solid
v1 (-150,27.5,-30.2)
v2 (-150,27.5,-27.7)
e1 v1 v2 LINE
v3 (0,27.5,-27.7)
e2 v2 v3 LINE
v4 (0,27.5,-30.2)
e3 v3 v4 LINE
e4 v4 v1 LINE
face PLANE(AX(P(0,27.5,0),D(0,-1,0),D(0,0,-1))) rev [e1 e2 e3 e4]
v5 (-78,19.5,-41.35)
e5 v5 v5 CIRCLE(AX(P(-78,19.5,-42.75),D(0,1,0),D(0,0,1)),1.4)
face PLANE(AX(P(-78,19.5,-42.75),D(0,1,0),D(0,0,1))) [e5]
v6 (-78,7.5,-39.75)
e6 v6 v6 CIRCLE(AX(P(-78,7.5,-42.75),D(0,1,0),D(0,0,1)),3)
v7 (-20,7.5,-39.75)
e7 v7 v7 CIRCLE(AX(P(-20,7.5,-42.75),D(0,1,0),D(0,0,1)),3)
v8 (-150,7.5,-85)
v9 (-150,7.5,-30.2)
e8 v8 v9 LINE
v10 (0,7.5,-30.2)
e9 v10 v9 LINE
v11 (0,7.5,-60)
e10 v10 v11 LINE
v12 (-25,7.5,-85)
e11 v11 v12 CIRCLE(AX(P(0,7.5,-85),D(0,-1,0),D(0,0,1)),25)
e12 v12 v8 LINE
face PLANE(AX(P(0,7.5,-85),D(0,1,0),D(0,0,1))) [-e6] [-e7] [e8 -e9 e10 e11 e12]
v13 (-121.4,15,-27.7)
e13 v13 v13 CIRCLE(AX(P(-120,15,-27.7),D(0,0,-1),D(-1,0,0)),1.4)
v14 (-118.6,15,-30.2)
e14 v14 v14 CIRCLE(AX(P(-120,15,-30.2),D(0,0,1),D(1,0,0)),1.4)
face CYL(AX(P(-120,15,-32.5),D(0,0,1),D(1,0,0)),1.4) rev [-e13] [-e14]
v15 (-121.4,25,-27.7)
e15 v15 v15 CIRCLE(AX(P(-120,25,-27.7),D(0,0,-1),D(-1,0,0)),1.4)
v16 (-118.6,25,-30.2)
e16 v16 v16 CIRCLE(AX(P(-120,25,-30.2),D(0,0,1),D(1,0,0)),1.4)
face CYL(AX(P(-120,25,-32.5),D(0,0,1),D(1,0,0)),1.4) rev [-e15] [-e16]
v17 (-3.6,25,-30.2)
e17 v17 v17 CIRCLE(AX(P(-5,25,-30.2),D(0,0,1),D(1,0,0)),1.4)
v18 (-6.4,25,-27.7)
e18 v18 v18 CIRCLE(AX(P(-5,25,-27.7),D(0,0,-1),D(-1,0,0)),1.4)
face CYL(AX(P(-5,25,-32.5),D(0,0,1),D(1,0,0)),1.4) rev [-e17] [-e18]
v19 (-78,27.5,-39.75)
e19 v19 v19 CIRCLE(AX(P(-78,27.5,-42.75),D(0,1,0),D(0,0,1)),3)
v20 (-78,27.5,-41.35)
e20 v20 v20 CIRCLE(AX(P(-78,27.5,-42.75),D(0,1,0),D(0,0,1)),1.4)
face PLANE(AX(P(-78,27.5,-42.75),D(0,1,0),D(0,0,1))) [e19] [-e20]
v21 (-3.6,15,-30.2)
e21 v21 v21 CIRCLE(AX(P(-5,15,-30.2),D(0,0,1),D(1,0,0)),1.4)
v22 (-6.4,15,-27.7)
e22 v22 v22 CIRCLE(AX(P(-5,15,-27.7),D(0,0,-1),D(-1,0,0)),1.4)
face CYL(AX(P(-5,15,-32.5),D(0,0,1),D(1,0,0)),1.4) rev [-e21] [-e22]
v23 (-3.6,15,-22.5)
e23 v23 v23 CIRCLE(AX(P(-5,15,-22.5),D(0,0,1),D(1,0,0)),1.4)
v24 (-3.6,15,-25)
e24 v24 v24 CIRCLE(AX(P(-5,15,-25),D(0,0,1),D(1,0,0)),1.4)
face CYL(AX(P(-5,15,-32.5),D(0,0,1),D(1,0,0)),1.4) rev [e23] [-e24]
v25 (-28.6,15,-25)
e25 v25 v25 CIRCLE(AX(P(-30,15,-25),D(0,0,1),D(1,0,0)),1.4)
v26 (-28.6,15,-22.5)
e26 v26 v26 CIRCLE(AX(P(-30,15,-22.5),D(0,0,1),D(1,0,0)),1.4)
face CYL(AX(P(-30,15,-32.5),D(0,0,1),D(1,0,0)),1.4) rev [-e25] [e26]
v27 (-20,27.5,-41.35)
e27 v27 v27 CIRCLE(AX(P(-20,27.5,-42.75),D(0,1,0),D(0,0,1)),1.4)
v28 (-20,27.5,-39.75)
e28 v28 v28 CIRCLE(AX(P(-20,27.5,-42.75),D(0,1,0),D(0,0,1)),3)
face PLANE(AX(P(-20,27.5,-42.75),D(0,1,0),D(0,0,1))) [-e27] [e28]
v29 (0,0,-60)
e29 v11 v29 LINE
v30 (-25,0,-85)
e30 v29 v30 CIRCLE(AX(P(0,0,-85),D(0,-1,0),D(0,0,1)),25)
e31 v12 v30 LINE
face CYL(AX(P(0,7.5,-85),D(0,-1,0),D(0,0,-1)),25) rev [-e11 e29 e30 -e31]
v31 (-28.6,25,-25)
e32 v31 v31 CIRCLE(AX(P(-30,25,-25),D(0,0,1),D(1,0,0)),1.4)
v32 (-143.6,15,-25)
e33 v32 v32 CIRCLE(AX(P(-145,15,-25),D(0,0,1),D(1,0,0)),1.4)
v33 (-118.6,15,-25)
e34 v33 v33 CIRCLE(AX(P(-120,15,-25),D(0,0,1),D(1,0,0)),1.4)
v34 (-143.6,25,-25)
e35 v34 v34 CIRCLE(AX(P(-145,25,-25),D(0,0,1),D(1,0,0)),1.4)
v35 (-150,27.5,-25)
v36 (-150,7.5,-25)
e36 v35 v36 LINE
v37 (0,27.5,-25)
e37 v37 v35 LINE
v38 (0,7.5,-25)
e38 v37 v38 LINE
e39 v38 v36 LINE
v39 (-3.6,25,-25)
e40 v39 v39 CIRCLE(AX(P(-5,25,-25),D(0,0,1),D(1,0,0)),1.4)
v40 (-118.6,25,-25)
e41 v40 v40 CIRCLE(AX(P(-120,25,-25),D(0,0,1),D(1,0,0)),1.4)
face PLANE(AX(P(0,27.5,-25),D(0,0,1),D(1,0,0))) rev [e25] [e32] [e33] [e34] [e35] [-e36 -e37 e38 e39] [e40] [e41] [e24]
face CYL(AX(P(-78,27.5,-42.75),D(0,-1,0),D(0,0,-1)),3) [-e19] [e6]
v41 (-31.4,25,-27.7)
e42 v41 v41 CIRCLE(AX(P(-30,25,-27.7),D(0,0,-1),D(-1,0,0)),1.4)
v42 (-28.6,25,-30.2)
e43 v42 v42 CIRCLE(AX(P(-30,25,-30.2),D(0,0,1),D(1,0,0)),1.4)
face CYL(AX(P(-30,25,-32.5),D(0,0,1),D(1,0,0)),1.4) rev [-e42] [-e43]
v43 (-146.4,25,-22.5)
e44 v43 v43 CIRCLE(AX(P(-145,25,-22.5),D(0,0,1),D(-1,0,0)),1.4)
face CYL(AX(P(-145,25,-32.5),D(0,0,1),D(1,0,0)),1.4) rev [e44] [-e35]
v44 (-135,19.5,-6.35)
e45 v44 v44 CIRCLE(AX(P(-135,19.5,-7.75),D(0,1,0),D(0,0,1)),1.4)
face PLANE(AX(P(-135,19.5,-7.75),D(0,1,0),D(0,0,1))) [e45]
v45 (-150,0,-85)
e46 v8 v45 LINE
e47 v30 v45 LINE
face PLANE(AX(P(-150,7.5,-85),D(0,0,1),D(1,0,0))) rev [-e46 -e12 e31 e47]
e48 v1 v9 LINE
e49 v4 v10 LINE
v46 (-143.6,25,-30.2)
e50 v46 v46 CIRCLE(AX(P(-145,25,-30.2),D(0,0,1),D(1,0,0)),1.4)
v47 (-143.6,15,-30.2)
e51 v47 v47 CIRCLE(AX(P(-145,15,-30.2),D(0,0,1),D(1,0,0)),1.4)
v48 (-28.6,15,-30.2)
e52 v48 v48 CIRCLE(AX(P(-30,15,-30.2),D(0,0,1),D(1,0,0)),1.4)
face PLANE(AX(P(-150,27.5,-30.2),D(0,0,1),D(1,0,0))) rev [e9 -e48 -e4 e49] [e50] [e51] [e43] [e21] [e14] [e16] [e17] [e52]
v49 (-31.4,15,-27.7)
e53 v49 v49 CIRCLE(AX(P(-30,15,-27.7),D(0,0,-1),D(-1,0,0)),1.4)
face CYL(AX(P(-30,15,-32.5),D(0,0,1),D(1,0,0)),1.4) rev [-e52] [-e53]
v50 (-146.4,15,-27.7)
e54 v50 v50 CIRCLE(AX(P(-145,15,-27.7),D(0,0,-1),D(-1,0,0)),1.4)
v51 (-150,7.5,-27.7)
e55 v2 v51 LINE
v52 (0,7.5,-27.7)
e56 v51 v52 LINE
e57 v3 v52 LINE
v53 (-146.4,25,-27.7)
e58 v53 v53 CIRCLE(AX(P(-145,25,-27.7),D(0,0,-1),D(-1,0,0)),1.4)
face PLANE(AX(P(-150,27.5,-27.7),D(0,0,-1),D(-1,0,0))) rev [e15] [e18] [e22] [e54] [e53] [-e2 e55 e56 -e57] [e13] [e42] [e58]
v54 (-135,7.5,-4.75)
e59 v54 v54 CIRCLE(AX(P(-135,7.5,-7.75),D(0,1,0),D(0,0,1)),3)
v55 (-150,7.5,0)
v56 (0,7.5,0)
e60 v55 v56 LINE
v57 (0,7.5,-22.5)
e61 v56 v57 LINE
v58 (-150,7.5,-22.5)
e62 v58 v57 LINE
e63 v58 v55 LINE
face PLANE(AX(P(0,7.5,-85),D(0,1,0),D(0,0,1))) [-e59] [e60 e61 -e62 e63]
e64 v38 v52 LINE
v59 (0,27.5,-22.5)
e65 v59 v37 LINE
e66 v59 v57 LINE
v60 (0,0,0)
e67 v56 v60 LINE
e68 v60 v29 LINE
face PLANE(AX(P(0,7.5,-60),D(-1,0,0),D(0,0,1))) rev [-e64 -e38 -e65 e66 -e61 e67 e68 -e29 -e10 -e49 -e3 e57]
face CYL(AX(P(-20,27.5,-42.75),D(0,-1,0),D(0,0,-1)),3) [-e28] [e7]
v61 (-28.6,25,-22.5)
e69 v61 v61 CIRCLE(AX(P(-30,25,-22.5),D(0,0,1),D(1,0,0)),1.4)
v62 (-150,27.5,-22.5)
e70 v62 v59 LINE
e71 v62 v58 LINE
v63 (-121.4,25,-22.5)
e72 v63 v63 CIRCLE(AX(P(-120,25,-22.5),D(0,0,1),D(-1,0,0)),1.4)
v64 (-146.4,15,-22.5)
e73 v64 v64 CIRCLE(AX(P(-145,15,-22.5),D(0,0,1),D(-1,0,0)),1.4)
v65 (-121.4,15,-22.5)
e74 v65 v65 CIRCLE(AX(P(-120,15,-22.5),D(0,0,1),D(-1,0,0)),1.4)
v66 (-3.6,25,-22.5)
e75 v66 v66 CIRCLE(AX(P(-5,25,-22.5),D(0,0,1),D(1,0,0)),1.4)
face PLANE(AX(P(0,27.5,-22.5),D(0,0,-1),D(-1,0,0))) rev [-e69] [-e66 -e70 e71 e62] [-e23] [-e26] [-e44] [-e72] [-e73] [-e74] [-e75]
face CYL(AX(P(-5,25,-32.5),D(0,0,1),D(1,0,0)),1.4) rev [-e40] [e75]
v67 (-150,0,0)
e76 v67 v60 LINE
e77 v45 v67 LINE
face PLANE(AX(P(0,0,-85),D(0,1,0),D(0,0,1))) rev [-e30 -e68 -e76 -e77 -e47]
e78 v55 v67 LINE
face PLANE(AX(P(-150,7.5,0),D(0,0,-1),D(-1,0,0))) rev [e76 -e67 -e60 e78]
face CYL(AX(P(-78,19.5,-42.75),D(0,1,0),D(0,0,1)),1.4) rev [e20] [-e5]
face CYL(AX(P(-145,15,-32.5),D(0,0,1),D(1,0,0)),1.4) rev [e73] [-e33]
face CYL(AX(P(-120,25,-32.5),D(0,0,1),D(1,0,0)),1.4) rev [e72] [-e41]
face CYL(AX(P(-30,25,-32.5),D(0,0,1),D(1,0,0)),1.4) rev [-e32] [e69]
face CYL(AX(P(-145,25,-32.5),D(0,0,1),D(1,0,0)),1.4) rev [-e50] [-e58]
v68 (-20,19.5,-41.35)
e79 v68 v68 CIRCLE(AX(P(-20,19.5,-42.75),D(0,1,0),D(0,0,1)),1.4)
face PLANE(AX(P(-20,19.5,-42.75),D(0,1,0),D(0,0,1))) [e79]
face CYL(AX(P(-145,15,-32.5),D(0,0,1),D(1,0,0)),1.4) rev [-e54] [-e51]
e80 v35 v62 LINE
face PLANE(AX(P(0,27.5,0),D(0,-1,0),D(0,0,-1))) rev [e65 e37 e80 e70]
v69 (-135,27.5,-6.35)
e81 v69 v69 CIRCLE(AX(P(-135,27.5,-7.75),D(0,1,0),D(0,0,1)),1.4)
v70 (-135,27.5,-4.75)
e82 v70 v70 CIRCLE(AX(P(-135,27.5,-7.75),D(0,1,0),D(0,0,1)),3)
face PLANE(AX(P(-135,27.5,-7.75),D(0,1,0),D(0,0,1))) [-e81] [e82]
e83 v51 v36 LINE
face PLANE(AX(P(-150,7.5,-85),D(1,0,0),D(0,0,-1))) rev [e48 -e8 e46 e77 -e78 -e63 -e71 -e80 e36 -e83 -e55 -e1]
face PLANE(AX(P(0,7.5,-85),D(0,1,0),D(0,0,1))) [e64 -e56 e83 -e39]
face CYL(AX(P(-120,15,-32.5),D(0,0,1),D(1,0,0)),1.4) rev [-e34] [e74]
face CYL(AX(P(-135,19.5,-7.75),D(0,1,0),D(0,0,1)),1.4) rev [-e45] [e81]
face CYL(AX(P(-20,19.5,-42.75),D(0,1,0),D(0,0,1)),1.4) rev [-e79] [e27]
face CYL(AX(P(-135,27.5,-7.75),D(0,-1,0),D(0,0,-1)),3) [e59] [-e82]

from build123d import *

# Parameters (mm, degrees)
BOSS_EXTRUDE1_DEPTH = 7.5
SKETCH2_W           = 150
SKETCH2_H           = 2.5
BOSS_EXTRUDE2_DEPTH = 20
SKETCH3_R           = 1.4
CUT_EXTRUDE1_DEPTH  = 10
SKETCH4_R           = 3
BOSS_EXTRUDE3_DEPTH = 20
SKETCH5_R           = 1.4
CUT_EXTRUDE2_DEPTH  = 8


with BuildPart() as part:
    # Sketch1 → Boss-Extrude1 (new body)
    with BuildSketch(Plane(origin=(0, 0, 0), x_dir=(1, 0, 0), z_dir=(0, 1, 0))):
        with BuildLine():
            Line((-150, 85), (-25, 85))
            ThreePointArc((-25, 85), (-17.67766953, 67.32233047), (0, 60))
            Line((0, 60), (0, 0))
            Line((0, 0), (-150, 0))
            Line((-150, 0), (-150, 85))
        make_face()
    extrude(amount=BOSS_EXTRUDE1_DEPTH)

    # Sketch2 → Boss-Extrude2 (add)
    with BuildSketch(Plane(origin=(0, 7.5, 0), x_dir=(1, 0, 0), z_dir=(0, 1, 0))):
        with Locations((-75, 23.75)):
            Rectangle(SKETCH2_W, SKETCH2_H)
        with Locations((-75, 28.95)):
            Rectangle(SKETCH2_W, SKETCH2_H)
    extrude(amount=BOSS_EXTRUDE2_DEPTH)

    # Sketch3 → Cut-Extrude1 (cut)
    with BuildSketch(Plane.XY.offset(-22.5)):
        with Locations((-30, 25)):
            Circle(SKETCH3_R)
        with Locations((-5, 25)):
            Circle(SKETCH3_R)
        with Locations((-30, 15)):
            Circle(SKETCH3_R)
        with Locations((-5, 15)):
            Circle(SKETCH3_R)
        with Locations((-145, 15)):
            Circle(SKETCH3_R)
        with Locations((-120, 15)):
            Circle(SKETCH3_R)
        with Locations((-145, 25)):
            Circle(SKETCH3_R)
        with Locations((-120, 25)):
            Circle(SKETCH3_R)
    extrude(amount=-CUT_EXTRUDE1_DEPTH, mode=Mode.SUBTRACT)

    # Sketch4 → Boss-Extrude3 (add)
    with BuildSketch(Plane(origin=(0, 7.5, 0), x_dir=(1, 0, 0), z_dir=(0, 1, 0))):
        with Locations(Location((-78, 42.75, 0), (0, 0, 270))):
            Circle(SKETCH4_R)
        with Locations(Location((-20, 42.75, 0), (0, 0, 270))):
            Circle(SKETCH4_R)
        with Locations(Location((-135, 7.75, 0), (0, 0, 270))):
            Circle(SKETCH4_R)
    extrude(amount=BOSS_EXTRUDE3_DEPTH)

    # Sketch5 → Cut-Extrude2 (cut)
    with BuildSketch(Plane(origin=(0, 27.5, 0), x_dir=(1, 0, 0), z_dir=(0, 1, 0))):
        with Locations(Location((-78, 42.75, 0), (0, 0, 270))):
            Circle(SKETCH5_R)
        with Locations(Location((-20, 42.75, 0), (0, 0, 270))):
            Circle(SKETCH5_R)
        with Locations(Location((-135, 7.75, 0), (0, 0, 270))):
            Circle(SKETCH5_R)
    extrude(amount=-CUT_EXTRUDE2_DEPTH, mode=Mode.SUBTRACT)


solid = part.part
